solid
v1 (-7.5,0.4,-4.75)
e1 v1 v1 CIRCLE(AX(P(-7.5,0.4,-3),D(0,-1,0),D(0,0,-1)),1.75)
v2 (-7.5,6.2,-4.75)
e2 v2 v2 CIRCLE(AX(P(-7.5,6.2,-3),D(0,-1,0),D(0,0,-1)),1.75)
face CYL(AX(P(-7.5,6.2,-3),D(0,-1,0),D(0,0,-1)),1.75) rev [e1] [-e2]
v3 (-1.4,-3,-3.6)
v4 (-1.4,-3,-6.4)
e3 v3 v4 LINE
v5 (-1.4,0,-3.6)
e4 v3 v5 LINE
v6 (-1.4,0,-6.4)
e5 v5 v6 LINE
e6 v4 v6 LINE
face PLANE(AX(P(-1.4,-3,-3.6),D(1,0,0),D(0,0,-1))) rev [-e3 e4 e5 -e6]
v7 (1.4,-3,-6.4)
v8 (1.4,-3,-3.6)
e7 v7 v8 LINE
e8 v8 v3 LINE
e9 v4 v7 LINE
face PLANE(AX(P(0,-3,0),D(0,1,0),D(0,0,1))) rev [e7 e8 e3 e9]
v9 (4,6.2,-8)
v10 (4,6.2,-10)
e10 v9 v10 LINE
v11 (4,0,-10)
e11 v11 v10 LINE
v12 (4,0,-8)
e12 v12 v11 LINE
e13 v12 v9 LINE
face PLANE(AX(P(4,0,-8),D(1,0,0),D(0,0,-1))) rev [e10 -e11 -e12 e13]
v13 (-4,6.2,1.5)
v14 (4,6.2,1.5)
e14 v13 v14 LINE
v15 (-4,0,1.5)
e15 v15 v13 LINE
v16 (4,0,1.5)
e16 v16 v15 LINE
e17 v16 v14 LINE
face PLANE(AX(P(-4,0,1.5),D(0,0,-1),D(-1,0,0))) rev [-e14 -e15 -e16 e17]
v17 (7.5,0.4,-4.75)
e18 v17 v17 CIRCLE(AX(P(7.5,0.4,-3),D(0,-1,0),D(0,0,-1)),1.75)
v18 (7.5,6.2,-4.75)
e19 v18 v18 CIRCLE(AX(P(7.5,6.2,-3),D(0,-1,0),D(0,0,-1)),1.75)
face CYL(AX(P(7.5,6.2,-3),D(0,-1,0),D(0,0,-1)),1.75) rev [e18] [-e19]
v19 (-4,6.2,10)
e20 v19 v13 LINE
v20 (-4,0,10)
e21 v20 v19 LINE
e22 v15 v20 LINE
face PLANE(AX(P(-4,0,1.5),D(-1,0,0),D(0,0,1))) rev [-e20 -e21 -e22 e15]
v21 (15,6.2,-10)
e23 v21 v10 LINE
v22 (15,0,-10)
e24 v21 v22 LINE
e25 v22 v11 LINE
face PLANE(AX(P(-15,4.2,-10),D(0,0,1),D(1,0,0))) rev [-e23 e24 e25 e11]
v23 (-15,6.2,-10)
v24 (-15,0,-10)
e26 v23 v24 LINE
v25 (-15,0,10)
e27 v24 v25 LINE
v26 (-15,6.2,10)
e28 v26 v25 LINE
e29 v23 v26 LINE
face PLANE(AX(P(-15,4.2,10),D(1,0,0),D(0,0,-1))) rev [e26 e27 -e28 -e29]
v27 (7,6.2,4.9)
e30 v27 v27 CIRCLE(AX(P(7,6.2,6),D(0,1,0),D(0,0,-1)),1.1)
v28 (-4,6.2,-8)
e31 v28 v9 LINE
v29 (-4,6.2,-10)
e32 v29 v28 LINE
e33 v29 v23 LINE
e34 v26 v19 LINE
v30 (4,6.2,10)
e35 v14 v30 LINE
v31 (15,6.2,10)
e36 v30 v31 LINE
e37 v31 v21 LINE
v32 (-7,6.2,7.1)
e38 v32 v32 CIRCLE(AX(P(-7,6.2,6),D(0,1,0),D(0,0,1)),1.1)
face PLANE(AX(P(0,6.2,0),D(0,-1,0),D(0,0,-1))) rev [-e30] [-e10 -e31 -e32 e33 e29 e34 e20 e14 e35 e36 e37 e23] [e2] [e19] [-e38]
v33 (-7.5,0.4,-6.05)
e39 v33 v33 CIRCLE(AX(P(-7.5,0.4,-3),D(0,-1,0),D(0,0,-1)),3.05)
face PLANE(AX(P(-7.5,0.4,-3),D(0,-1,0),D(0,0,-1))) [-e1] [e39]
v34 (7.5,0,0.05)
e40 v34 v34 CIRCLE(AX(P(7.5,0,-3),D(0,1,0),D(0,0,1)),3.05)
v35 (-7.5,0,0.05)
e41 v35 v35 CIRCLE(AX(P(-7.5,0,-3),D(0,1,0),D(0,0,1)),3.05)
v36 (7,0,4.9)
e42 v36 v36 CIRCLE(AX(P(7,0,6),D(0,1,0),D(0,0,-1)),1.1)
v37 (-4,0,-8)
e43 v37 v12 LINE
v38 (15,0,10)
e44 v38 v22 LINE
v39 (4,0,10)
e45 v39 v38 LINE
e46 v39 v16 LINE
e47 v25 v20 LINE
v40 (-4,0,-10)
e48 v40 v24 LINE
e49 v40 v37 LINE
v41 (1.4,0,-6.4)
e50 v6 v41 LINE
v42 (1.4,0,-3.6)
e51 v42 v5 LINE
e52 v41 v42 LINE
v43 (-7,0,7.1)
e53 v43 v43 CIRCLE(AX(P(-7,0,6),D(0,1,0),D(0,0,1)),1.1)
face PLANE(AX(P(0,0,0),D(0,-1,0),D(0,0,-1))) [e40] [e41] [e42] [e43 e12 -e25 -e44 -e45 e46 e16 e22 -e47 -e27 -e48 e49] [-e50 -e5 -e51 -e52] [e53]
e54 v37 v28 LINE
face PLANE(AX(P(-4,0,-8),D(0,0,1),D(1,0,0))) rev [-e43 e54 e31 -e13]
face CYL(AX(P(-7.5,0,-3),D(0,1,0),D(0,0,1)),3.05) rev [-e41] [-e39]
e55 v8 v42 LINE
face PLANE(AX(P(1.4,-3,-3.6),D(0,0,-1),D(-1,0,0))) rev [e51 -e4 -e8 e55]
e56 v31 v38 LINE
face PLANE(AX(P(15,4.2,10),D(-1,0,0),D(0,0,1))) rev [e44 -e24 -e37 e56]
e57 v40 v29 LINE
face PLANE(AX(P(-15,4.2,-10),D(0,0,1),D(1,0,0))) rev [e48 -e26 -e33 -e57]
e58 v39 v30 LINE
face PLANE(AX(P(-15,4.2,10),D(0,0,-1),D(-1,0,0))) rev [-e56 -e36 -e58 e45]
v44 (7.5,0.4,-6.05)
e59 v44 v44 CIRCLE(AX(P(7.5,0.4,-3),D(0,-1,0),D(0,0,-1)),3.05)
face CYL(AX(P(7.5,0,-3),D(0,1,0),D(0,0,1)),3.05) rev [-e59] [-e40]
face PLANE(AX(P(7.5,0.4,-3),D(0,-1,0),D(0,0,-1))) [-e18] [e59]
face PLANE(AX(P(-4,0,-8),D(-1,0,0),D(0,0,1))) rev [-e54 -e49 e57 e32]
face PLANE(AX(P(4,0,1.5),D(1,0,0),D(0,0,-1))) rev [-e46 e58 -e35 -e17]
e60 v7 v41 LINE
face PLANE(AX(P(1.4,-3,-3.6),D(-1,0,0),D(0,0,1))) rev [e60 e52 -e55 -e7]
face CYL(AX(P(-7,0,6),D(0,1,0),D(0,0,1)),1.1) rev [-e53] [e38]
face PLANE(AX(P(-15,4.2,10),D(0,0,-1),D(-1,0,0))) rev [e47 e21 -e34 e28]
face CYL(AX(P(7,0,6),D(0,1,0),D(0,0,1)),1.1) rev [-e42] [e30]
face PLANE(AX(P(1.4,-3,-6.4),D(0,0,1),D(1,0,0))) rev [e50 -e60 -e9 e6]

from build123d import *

# Parameters (mm, degrees)
SKETCH_1_W          = 30
SKETCH_1_H          = 20
EXTRUDE_1_DEPTH     = 4.2
SKETCH_2_R          = 3.05
CUT_EXTRUDE_1_DEPTH = 19.510537539
SKETCH_3_W          = 8
SKETCH_3_H          = 8.5
CUT_EXTRUDE_2_DEPTH = 19.510537539
EXTRUDE_2_DEPTH     = 2
SKETCH_5_R          = 1.75
CUT_EXTRUDE_3_DEPTH = 19.510537539
SKETCH_6_W          = 8
SKETCH_6_H          = 2
CUT_EXTRUDE_4_DEPTH = 20.064102392
SKETCH_7_R          = 1.1
CUT_EXTRUDE_5_DEPTH = 20.064102392
SKETCH_8_W          = 2.8
SKETCH_8_H          = 2.8
EXTRUDE_3_DEPTH     = 3
SKETCH_9_R          = 3.05
SKETCH_9_R_2        = 1.75
EXTRUDE_4_DEPTH     = 3.8


with BuildPart() as part:
    # 草图1 → 凸台-拉伸1 (new body)
    with BuildSketch(Plane(origin=(0, 0, 0), x_dir=(1, 0, 0), z_dir=(0, 1, 0))):
        Rectangle(SKETCH_1_W, SKETCH_1_H)
    extrude(amount=EXTRUDE_1_DEPTH)

    # 草图2 → 切除-拉伸1 (cut, through all)
    with BuildSketch(Plane(origin=(0, 4.2, 0), x_dir=(1, 0, 0), z_dir=(0, 1, 0))):
        with Locations(Location((-7.5, 3, 0), (0, 0, 270))):
            Circle(SKETCH_2_R)
        with Locations(Location((7.5, 3, 0), (0, 0, 270))):
            Circle(SKETCH_2_R)
    extrude(amount=-CUT_EXTRUDE_1_DEPTH, mode=Mode.SUBTRACT)

    # 草图3 → 切除-拉伸2 (cut, through all)
    with BuildSketch(Plane(origin=(0, 4.2, 0), x_dir=(1, 0, 0), z_dir=(0, 1, 0))):
        with Locations((0, -5.75)):
            Rectangle(SKETCH_3_W, SKETCH_3_H)
    extrude(amount=-CUT_EXTRUDE_2_DEPTH, mode=Mode.SUBTRACT)

    # 草图4 → 凸台-拉伸2 (add)
    with BuildSketch(Plane(origin=(0, 4.2, 0), x_dir=(1, 0, 0), z_dir=(0, 1, 0))):
        Polygon((-4, -1.5), (4, -1.5), (4, -10), (15, -10), (15, 10), (-15, 10), (-15, -10), (-4, -10), align=None)
    extrude(amount=EXTRUDE_2_DEPTH)

    # 草图5 → 切除-拉伸3 (cut, through all)
    with BuildSketch(Plane.XZ.offset(-4.2)):
        with Locations(Location((-7.5, -3, 0), (0, 0, 270))):
            Circle(SKETCH_5_R)
        with Locations(Location((7.5, -3, 0), (0, 0, 270))):
            Circle(SKETCH_5_R)
    extrude(amount=-CUT_EXTRUDE_3_DEPTH, mode=Mode.SUBTRACT)

    # 草图6 → 切除-拉伸4 (cut, through all)
    with BuildSketch(Plane(origin=(0, 6.2, 0), x_dir=(1, 0, 0), z_dir=(0, 1, 0))):
        with Locations((0, 9)):
            Rectangle(SKETCH_6_W, SKETCH_6_H)
    extrude(amount=-CUT_EXTRUDE_4_DEPTH, mode=Mode.SUBTRACT)

    # 草图7 → 切除-拉伸5 (cut, through all)
    with BuildSketch(Plane(origin=(0, 6.2, 0), x_dir=(1, 0, 0), z_dir=(0, 1, 0))):
        with Locations(Location((-7, -6, 0), (0, 0, 270))):
            Circle(SKETCH_7_R)
        with Locations(Location((7, -6, 0), (0, 0, 90))):
            Circle(SKETCH_7_R)
    extrude(amount=-CUT_EXTRUDE_5_DEPTH, mode=Mode.SUBTRACT)

    # 草图8 → 凸台-拉伸3 (add)
    with BuildSketch(Plane.XZ):
        with Locations((0, -5)):
            Rectangle(SKETCH_8_W, SKETCH_8_H)
    extrude(amount=EXTRUDE_3_DEPTH)

    # 草图9 → 凸台-拉伸4 (add)
    # profile 1 of 2: a face of its own
    with BuildSketch(Plane.XZ.offset(-4.2)):
        with Locations(Location((7.5, -3, 0), (0, 0, 90))):
            Circle(SKETCH_9_R)
        with Locations(Location((7.5, -3, 0), (0, 0, 270))):
            Circle(SKETCH_9_R_2, mode=Mode.SUBTRACT)
    # profile 2 of 2: a face of its own
    with BuildSketch(Plane.XZ.offset(-4.2)):
        with Locations(Location((-7.5, -3, 0), (0, 0, 90))):
            Circle(SKETCH_9_R)
        with Locations(Location((-7.5, -3, 0), (0, 0, 270))):
            Circle(SKETCH_9_R_2, mode=Mode.SUBTRACT)
    extrude(amount=EXTRUDE_4_DEPTH)


solid = part.part
